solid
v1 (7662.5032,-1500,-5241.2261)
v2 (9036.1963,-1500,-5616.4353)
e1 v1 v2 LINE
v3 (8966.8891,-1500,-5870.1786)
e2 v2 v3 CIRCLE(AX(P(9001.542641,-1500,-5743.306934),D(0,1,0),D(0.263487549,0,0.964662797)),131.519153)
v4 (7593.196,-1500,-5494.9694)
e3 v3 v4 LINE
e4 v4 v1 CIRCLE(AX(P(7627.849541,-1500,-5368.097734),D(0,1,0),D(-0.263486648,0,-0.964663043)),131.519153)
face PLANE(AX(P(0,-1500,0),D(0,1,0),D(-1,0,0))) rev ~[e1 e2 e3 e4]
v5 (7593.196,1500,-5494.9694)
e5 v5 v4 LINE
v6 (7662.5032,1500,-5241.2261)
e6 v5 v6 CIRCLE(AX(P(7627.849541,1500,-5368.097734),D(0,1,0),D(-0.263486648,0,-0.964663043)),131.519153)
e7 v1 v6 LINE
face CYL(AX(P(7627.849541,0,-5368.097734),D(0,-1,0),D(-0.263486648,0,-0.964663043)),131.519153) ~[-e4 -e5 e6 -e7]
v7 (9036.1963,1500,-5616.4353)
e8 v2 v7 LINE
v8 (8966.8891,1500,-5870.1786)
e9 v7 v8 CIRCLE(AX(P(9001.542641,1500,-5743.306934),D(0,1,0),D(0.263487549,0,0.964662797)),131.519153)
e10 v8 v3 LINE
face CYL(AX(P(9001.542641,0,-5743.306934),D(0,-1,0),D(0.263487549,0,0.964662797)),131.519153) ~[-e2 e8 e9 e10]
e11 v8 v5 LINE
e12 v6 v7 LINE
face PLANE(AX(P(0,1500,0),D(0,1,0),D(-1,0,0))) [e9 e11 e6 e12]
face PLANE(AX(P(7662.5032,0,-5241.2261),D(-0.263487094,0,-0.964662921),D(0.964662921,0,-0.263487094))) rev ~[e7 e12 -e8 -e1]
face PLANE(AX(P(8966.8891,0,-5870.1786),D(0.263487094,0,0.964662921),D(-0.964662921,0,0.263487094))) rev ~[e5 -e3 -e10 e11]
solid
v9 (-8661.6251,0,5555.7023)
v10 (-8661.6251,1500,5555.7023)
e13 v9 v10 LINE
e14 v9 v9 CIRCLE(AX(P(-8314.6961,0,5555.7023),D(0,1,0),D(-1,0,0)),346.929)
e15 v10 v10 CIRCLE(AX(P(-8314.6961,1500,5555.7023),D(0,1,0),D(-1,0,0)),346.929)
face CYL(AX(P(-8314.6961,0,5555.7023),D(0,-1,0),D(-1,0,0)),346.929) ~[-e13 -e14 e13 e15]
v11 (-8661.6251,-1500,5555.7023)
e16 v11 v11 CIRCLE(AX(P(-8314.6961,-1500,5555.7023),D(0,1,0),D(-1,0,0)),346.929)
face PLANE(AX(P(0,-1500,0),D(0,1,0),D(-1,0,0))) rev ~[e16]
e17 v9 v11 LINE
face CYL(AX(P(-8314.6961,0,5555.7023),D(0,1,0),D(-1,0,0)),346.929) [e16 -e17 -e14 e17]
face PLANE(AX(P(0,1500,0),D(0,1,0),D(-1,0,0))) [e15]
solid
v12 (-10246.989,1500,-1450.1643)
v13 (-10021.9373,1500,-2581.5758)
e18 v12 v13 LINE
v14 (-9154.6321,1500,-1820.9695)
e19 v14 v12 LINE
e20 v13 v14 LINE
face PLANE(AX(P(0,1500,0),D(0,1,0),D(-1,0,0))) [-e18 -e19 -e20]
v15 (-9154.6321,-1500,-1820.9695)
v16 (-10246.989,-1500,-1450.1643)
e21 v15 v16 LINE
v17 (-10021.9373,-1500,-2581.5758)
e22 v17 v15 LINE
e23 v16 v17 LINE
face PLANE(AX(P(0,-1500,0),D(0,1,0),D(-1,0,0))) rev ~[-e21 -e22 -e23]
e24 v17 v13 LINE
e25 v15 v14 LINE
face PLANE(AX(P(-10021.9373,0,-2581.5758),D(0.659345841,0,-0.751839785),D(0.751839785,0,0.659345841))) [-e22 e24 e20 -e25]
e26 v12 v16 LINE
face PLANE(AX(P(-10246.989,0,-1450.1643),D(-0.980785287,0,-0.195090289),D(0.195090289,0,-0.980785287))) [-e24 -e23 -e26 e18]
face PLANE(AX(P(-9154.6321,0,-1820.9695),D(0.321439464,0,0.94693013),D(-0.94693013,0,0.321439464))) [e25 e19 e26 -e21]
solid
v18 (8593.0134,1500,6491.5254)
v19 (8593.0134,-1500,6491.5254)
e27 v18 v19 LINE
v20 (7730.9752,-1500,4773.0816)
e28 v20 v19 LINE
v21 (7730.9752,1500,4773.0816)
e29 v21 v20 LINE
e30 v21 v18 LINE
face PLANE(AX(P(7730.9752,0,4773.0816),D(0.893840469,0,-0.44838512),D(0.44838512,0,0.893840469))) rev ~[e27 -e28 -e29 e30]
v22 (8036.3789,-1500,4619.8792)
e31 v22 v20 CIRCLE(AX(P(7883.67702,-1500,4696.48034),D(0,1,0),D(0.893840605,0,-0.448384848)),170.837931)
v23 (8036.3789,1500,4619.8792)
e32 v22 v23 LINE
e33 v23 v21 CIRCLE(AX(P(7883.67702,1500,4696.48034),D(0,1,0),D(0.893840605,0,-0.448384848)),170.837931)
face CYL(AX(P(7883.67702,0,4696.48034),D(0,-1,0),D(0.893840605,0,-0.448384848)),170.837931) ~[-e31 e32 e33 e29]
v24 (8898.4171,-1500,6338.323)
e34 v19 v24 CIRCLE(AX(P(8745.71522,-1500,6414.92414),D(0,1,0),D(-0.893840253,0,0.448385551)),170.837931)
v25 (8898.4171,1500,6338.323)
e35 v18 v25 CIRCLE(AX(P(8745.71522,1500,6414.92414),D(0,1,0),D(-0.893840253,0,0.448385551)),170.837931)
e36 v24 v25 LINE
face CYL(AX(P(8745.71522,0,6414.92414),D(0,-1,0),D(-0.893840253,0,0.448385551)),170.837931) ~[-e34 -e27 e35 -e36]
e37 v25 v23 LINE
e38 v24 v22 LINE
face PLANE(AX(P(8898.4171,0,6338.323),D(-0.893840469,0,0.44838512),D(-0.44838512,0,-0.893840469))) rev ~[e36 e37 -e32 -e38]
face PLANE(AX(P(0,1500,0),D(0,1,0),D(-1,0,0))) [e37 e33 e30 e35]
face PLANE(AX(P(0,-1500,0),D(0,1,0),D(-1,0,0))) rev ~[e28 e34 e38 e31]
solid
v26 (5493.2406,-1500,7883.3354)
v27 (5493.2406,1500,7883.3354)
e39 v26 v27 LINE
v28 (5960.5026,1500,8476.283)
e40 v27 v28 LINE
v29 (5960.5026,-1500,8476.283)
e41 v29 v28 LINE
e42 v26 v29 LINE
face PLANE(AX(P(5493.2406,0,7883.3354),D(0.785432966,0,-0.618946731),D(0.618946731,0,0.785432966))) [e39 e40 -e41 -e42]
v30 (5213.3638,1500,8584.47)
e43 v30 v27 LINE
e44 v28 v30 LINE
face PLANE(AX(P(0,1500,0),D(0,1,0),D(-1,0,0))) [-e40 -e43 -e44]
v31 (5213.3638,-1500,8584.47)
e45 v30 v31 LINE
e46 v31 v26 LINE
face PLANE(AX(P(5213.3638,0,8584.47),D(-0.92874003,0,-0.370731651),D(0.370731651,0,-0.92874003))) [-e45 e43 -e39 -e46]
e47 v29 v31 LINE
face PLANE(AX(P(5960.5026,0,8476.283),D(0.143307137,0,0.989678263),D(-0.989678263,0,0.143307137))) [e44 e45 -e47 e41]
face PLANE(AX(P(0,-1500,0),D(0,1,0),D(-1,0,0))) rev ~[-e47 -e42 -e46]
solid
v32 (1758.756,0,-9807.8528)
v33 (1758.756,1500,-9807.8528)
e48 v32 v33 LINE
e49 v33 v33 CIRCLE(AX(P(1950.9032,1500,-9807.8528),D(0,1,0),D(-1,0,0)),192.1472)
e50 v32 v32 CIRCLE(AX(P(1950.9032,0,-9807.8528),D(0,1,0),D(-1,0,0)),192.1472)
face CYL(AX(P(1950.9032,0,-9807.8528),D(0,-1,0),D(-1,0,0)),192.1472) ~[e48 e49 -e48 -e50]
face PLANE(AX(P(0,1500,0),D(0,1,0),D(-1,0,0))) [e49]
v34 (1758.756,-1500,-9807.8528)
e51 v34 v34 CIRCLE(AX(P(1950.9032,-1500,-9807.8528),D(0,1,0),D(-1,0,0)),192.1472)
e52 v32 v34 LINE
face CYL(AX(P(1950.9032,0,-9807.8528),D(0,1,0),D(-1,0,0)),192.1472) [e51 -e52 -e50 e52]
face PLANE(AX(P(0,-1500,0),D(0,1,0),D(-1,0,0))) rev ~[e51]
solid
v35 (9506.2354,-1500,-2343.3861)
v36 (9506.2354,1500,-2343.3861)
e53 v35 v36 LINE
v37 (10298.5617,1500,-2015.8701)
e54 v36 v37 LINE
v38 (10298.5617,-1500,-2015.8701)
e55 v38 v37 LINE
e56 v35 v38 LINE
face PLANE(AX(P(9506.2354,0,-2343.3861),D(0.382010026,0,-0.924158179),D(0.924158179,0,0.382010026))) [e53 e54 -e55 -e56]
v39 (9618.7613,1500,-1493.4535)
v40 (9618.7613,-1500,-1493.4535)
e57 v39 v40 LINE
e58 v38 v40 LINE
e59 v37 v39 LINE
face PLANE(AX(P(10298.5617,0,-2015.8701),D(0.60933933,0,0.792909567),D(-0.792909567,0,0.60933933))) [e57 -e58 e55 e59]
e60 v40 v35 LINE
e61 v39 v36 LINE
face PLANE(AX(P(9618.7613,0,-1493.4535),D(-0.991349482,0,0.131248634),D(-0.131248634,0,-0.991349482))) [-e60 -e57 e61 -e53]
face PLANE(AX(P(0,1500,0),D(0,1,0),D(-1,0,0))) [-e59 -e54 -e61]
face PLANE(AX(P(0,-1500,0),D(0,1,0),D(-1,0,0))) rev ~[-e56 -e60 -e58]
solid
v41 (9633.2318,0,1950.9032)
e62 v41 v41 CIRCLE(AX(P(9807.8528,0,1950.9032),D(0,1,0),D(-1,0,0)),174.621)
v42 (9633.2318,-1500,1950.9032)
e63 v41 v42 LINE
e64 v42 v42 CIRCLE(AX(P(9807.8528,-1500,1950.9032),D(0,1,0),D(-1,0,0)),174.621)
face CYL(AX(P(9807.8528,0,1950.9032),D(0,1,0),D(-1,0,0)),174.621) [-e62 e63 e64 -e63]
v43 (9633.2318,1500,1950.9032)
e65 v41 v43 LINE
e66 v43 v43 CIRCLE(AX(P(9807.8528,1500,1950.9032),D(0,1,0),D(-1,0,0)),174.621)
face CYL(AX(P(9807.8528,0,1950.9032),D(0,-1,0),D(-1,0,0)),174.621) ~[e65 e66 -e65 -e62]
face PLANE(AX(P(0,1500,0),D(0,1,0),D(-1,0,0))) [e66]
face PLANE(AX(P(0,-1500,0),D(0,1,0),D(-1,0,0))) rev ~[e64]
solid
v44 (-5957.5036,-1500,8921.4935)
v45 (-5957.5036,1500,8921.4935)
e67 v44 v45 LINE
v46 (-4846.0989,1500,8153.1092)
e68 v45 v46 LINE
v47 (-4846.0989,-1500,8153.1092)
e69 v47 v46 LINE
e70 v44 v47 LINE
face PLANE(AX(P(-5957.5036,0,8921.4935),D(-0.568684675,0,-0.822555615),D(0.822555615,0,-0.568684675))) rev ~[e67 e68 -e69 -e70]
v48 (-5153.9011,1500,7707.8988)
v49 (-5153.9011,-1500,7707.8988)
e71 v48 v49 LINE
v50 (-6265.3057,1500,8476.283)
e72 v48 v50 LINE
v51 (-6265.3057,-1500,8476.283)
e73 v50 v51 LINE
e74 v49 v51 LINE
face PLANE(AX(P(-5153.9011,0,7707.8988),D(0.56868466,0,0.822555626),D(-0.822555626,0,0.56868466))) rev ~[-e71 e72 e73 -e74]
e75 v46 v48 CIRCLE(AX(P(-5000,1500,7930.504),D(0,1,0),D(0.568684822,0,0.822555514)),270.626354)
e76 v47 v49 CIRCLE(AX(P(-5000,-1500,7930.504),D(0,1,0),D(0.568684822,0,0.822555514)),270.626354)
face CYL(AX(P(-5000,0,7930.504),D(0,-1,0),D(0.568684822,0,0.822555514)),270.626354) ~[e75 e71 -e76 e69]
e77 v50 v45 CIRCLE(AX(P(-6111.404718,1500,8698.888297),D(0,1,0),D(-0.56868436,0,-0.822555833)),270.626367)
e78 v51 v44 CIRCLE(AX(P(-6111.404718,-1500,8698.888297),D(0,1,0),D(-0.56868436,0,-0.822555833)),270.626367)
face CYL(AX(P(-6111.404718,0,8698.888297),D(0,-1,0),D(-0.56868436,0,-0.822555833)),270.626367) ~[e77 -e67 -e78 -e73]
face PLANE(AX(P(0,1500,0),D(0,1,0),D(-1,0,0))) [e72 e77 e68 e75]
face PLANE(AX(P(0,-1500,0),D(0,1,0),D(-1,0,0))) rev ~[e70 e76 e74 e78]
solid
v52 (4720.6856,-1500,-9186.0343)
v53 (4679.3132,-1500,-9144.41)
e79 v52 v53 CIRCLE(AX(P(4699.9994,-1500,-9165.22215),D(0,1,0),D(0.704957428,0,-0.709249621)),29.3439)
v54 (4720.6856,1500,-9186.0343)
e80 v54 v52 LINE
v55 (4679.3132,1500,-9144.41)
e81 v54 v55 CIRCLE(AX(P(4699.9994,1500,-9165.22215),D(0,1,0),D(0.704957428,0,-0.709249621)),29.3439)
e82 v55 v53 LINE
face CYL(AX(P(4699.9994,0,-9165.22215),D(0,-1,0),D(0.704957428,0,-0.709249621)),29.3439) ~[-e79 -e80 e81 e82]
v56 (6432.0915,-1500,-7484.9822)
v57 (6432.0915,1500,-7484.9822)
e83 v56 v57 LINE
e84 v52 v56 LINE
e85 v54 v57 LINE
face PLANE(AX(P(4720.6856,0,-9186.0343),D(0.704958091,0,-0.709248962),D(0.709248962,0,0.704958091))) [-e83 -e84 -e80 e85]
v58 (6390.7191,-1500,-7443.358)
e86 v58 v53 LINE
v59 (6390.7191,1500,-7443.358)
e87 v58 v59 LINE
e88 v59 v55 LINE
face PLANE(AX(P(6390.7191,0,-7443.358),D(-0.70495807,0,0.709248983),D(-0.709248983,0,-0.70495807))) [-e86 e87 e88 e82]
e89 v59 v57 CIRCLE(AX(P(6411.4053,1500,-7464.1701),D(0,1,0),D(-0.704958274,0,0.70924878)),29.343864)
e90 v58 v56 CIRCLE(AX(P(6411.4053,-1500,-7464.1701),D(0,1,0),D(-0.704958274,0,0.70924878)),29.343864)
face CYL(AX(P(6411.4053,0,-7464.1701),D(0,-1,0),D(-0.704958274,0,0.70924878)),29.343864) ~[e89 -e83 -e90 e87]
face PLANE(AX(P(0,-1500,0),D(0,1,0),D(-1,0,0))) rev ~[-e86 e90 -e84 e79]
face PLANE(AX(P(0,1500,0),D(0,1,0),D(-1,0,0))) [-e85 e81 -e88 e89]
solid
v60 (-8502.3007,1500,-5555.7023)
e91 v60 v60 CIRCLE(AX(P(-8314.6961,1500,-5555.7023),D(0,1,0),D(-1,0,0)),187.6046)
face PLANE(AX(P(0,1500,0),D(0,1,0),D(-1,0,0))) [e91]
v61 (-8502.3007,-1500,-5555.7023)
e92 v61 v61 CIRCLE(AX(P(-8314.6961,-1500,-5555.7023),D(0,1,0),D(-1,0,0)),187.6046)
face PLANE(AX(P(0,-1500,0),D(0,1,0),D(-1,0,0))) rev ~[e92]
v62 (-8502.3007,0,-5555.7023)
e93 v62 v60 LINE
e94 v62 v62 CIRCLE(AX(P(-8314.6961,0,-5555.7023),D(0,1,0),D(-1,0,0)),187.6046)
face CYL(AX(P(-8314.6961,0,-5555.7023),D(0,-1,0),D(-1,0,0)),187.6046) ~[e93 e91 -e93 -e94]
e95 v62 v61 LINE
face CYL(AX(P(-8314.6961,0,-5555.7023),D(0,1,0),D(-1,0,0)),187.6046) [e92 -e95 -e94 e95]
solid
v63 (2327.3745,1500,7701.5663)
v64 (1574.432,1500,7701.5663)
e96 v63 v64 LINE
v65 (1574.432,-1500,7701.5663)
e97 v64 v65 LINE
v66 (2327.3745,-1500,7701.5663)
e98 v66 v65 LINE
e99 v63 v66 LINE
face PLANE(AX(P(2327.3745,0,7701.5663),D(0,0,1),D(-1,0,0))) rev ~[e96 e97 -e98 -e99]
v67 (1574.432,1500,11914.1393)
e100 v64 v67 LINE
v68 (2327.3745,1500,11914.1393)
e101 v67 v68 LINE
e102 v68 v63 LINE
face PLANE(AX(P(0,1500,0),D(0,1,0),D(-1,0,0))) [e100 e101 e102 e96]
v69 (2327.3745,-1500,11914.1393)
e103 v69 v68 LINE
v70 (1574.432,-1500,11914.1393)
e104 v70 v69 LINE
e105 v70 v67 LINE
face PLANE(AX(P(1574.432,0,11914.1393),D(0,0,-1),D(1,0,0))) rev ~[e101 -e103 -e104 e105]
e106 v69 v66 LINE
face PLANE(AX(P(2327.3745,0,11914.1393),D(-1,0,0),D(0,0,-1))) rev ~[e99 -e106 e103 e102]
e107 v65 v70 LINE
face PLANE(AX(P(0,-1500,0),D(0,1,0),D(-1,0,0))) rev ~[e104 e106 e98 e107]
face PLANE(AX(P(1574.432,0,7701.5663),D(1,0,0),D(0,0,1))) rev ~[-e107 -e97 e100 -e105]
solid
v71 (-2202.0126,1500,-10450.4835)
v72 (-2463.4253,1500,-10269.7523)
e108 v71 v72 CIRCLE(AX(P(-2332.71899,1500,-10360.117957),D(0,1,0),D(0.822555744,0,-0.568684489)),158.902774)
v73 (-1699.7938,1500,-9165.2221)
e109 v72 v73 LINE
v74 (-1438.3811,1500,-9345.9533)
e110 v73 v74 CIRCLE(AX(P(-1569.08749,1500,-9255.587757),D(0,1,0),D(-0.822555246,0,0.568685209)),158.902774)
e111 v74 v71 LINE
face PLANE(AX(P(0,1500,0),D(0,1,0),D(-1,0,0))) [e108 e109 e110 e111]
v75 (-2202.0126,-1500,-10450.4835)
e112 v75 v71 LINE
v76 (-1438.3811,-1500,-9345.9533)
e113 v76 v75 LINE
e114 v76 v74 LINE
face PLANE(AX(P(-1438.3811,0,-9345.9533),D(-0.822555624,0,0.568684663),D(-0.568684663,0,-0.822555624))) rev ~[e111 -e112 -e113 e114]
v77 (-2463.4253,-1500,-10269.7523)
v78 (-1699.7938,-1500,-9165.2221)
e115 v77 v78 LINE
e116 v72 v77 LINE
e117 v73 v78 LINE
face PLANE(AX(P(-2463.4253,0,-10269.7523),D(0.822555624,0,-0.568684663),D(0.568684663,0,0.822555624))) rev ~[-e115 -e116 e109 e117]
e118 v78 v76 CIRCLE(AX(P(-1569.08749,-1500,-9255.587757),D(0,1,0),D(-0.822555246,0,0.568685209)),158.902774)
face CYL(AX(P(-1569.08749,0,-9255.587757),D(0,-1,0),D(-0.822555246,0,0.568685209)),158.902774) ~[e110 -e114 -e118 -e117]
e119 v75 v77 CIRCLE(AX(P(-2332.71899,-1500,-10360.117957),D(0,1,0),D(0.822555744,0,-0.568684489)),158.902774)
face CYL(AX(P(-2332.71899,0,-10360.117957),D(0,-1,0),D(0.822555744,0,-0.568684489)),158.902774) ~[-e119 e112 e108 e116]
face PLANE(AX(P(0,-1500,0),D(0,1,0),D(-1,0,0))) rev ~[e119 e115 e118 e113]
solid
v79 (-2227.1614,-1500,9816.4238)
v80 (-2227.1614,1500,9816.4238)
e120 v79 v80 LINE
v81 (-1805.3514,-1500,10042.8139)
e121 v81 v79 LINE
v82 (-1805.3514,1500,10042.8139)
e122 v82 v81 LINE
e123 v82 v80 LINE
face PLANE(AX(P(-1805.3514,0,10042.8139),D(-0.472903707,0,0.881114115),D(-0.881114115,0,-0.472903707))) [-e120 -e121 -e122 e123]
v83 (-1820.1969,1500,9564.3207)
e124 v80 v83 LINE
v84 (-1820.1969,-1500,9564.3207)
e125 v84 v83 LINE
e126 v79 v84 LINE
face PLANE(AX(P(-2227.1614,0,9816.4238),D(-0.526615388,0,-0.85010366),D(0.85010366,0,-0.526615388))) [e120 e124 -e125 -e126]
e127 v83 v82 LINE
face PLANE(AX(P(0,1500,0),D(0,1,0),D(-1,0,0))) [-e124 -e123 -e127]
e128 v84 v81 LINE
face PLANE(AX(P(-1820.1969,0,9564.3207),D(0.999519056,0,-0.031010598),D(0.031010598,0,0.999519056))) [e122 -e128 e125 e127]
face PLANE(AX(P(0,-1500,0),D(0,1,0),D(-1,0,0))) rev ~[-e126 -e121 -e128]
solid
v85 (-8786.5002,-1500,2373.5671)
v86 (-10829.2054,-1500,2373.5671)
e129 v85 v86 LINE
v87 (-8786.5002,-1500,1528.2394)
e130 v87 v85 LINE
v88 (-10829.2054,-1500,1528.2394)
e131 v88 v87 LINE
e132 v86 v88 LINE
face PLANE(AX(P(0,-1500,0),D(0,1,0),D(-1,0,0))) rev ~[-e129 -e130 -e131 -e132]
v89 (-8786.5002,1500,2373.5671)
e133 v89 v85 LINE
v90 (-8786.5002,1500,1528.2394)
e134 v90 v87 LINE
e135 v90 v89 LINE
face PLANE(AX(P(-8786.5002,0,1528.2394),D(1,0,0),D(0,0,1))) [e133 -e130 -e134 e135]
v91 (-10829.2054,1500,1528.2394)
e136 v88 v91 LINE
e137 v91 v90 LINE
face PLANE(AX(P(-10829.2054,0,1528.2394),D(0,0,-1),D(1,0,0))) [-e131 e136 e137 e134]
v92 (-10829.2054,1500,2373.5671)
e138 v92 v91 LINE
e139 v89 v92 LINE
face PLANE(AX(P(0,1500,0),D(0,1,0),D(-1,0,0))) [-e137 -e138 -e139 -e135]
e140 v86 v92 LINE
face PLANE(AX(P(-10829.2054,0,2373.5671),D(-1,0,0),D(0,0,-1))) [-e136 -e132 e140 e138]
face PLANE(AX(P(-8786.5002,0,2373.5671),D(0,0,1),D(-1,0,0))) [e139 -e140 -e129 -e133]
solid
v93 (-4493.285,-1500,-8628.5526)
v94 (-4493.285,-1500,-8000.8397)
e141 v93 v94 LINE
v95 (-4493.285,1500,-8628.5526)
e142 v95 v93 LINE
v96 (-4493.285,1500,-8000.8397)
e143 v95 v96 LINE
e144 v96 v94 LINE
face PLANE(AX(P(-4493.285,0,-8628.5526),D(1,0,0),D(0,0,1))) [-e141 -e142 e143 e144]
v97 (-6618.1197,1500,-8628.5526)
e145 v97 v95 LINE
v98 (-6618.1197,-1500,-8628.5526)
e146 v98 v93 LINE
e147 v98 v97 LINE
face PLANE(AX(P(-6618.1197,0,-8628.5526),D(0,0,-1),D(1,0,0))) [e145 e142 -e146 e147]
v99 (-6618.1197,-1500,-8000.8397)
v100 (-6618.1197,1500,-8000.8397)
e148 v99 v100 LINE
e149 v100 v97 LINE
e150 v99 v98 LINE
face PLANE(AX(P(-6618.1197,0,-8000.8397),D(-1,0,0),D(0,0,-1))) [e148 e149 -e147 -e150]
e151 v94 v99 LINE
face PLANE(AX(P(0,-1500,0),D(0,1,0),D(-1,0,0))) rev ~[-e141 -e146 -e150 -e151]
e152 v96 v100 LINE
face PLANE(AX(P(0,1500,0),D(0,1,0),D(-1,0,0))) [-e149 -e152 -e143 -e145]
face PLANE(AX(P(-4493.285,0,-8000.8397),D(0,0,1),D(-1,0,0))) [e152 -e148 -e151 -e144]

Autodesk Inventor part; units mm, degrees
ref_plane "YZ Plane" through (0, 0, 0) normal (1, 0, 0) x (0, 1, 0)
ref_plane "XZ Plane" through (0, 0, 0) normal (0, 1, 0) x (-1, 0, 0)
ref_plane "XY Plane" through (0, 0, 0) normal (0, 0, 1) x (1, 0, 0)
sketch "Sketch1" plane through (0, 0, 0) normal (0, 1, 0) x (-1, 0, 0)
  circle A0 centre (0, 0) radius 10000 construction
  line L0 (0, 0) -> (10000, 0)
  line L1 (0, 0) -> (9807.8528, -1950.9032) construction
  circle A1 centre (8314.6961, 5555.7023) radius 346.929
  circle A2 centre (8314.6961, -5555.7023) radius 187.6046
  circle A3 centre (-9807.8528, 1950.9032) radius 174.621
  circle A4 centre (-1950.9032, -9807.8528) radius 192.1472
  line L2 (10829.2054, 1528.2394) -> (8786.5002, 1528.2394)
  line L3 (8786.5002, 1528.2394) -> (8786.5002, 2373.5671)
  line L4 (8786.5002, 2373.5671) -> (10829.2054, 2373.5671)
  line L5 (10829.2054, 2373.5671) -> (10829.2054, 1528.2394)
  line L6 (10829.2054, 1528.2394) -> (8786.5002, 2373.5671) construction
  line L7 (8786.5002, 1528.2394) -> (10829.2054, 2373.5671) construction
  line L8 (6618.1197, -8628.5526) -> (4493.285, -8628.5526)
  line L9 (4493.285, -8628.5526) -> (4493.285, -8000.8397)
  line L10 (4493.285, -8000.8397) -> (6618.1197, -8000.8397)
  line L11 (6618.1197, -8000.8397) -> (6618.1197, -8628.5526)
  line L12 (6618.1197, -8628.5526) -> (4493.285, -8000.8397) construction
  line L13 (4493.285, -8628.5526) -> (6618.1197, -8000.8397) construction
  line L14 (-1574.432, 11914.1393) -> (-2327.3745, 11914.1393)
  line L15 (-2327.3745, 11914.1393) -> (-2327.3745, 7701.5663)
  line L16 (-2327.3745, 7701.5663) -> (-1574.432, 7701.5663)
  line L17 (-1574.432, 7701.5663) -> (-1574.432, 11914.1393)
  line L18 (-1574.432, 11914.1393) -> (-2327.3745, 7701.5663) construction
  line L19 (-2327.3745, 11914.1393) -> (-1574.432, 7701.5663) construction
  line L20 (6111.4047, 8698.8883) -> (5000, 7930.504) construction
  line L21 (5957.5036, 8921.4935) -> (4846.0989, 8153.1092)
  line L22 (5153.9011, 7707.8988) -> (6265.3057, 8476.283)
  arc A5 (6265.3057, 8476.283) -> (5957.5036, 8921.4935) centre (6111.4047, 8698.8883) ccw
  arc A6 (4846.0989, 8153.1092) -> (5153.9011, 7707.8988) centre (5000, 7930.504) ccw
  line L23 (1569.0875, -9255.5877) -> (2332.719, -10360.1179) construction
  line L24 (1438.3811, -9345.9533) -> (2202.0126, -10450.4835)
  line L25 (2463.4253, -10269.7523) -> (1699.7938, -9165.2221)
  arc A7 (1699.7938, -9165.2221) -> (1438.3811, -9345.9533) centre (1569.0875, -9255.5877) ccw
  arc A8 (2202.0126, -10450.4835) -> (2463.4253, -10269.7523) centre (2332.719, -10360.1179) ccw
  line L26 (-6411.4053, -7464.1701) -> (-4699.9994, -9165.2221) construction
  line L27 (-6390.7191, -7443.358) -> (-4679.3132, -9144.41)
  line L28 (-4720.6856, -9186.0343) -> (-6432.0915, -7484.9822)
  arc A9 (-6390.7191, -7443.358) -> (-6432.0915, -7484.9822) centre (-6411.4053, -7464.1701) ccw
  arc A10 (-4720.6856, -9186.0343) -> (-4679.3132, -9144.41) centre (-4699.9994, -9165.2221) ccw
  line L29 (-7627.8496, -5368.0977) -> (-9001.5427, -5743.3069) construction
  line L30 (-7662.5032, -5241.2261) -> (-9036.1963, -5616.4353)
  line L31 (-8966.8891, -5870.1786) -> (-7593.196, -5494.9694)
  arc A11 (-7593.196, -5494.9694) -> (-7662.5032, -5241.2261) centre (-7627.8496, -5368.0977) ccw
  arc A12 (-9036.1963, -5616.4353) -> (-8966.8891, -5870.1786) centre (-9001.5427, -5743.3069) ccw
  line L32 (-8745.7152, 6414.9242) -> (-7883.677, 4696.4804) construction
  line L33 (-8898.4171, 6338.323) -> (-8036.3789, 4619.8792)
  line L34 (-7730.9752, 4773.0816) -> (-8593.0134, 6491.5254)
  arc A13 (-8593.0134, 6491.5254) -> (-8898.4171, 6338.323) centre (-8745.7152, 6414.9242) ccw
  arc A14 (-8036.3789, 4619.8792) -> (-7730.9752, 4773.0816) centre (-7883.677, 4696.4804) ccw
  line L35 (1820.1969, 9564.3207) -> (1805.3514, 10042.8139)
  line L36 (1805.3514, 10042.8139) -> (2227.1614, 9816.4238)
  line L37 (2227.1614, 9816.4238) -> (1820.1969, 9564.3207)
  line L38 (9154.6321, -1820.9695) -> (10246.989, -1450.1643)
  line L39 (10246.989, -1450.1643) -> (10021.9373, -2581.5758)
  line L40 (10021.9373, -2581.5758) -> (9154.6321, -1820.9695)
  line L41 (-5960.5026, 8476.283) -> (-5213.3638, 8584.47)
  line L42 (-5213.3638, 8584.47) -> (-5493.2406, 7883.3354)
  line L43 (-5493.2406, 7883.3354) -> (-5960.5026, 8476.283)
  line L44 (-10298.5617, -2015.8701) -> (-9618.7613, -1493.4535)
  line L45 (-9618.7613, -1493.4535) -> (-9506.2354, -2343.3861)
  line L46 (-9506.2354, -2343.3861) -> (-10298.5617, -2015.8701)
  point P0 (9807.8528, 1950.9032)
  point P1 (5555.7023, 8314.6961)
  point P2 (1950.9032, 9807.8528)
  point P3 (-1950.9032, 9807.8528)
  point P4 (-5555.7023, 8314.6961)
  point P5 (-8314.6961, 5555.7023)
  point P6 (-9807.8528, -1950.9032)
  point P7 (-8314.6961, -5555.7023)
  point P8 (-5555.7023, -8314.6961)
  point P9 (1950.9032, -9807.8528)
  point P10 (5555.7023, -8314.6961)
  point P11 (1950.9032, 9807.8528)
  point P12 (-5555.7023, 8314.6961)
  point P13 (-9807.8528, -1950.9032)
  dimension "d0" = 20000
  dimension "d1" = 11.25
  dimension "d4" = 360
extrude "Extrusion1" add sketch "Sketch1" along normal mid plane 3000
properties part number "simple_ring2"
